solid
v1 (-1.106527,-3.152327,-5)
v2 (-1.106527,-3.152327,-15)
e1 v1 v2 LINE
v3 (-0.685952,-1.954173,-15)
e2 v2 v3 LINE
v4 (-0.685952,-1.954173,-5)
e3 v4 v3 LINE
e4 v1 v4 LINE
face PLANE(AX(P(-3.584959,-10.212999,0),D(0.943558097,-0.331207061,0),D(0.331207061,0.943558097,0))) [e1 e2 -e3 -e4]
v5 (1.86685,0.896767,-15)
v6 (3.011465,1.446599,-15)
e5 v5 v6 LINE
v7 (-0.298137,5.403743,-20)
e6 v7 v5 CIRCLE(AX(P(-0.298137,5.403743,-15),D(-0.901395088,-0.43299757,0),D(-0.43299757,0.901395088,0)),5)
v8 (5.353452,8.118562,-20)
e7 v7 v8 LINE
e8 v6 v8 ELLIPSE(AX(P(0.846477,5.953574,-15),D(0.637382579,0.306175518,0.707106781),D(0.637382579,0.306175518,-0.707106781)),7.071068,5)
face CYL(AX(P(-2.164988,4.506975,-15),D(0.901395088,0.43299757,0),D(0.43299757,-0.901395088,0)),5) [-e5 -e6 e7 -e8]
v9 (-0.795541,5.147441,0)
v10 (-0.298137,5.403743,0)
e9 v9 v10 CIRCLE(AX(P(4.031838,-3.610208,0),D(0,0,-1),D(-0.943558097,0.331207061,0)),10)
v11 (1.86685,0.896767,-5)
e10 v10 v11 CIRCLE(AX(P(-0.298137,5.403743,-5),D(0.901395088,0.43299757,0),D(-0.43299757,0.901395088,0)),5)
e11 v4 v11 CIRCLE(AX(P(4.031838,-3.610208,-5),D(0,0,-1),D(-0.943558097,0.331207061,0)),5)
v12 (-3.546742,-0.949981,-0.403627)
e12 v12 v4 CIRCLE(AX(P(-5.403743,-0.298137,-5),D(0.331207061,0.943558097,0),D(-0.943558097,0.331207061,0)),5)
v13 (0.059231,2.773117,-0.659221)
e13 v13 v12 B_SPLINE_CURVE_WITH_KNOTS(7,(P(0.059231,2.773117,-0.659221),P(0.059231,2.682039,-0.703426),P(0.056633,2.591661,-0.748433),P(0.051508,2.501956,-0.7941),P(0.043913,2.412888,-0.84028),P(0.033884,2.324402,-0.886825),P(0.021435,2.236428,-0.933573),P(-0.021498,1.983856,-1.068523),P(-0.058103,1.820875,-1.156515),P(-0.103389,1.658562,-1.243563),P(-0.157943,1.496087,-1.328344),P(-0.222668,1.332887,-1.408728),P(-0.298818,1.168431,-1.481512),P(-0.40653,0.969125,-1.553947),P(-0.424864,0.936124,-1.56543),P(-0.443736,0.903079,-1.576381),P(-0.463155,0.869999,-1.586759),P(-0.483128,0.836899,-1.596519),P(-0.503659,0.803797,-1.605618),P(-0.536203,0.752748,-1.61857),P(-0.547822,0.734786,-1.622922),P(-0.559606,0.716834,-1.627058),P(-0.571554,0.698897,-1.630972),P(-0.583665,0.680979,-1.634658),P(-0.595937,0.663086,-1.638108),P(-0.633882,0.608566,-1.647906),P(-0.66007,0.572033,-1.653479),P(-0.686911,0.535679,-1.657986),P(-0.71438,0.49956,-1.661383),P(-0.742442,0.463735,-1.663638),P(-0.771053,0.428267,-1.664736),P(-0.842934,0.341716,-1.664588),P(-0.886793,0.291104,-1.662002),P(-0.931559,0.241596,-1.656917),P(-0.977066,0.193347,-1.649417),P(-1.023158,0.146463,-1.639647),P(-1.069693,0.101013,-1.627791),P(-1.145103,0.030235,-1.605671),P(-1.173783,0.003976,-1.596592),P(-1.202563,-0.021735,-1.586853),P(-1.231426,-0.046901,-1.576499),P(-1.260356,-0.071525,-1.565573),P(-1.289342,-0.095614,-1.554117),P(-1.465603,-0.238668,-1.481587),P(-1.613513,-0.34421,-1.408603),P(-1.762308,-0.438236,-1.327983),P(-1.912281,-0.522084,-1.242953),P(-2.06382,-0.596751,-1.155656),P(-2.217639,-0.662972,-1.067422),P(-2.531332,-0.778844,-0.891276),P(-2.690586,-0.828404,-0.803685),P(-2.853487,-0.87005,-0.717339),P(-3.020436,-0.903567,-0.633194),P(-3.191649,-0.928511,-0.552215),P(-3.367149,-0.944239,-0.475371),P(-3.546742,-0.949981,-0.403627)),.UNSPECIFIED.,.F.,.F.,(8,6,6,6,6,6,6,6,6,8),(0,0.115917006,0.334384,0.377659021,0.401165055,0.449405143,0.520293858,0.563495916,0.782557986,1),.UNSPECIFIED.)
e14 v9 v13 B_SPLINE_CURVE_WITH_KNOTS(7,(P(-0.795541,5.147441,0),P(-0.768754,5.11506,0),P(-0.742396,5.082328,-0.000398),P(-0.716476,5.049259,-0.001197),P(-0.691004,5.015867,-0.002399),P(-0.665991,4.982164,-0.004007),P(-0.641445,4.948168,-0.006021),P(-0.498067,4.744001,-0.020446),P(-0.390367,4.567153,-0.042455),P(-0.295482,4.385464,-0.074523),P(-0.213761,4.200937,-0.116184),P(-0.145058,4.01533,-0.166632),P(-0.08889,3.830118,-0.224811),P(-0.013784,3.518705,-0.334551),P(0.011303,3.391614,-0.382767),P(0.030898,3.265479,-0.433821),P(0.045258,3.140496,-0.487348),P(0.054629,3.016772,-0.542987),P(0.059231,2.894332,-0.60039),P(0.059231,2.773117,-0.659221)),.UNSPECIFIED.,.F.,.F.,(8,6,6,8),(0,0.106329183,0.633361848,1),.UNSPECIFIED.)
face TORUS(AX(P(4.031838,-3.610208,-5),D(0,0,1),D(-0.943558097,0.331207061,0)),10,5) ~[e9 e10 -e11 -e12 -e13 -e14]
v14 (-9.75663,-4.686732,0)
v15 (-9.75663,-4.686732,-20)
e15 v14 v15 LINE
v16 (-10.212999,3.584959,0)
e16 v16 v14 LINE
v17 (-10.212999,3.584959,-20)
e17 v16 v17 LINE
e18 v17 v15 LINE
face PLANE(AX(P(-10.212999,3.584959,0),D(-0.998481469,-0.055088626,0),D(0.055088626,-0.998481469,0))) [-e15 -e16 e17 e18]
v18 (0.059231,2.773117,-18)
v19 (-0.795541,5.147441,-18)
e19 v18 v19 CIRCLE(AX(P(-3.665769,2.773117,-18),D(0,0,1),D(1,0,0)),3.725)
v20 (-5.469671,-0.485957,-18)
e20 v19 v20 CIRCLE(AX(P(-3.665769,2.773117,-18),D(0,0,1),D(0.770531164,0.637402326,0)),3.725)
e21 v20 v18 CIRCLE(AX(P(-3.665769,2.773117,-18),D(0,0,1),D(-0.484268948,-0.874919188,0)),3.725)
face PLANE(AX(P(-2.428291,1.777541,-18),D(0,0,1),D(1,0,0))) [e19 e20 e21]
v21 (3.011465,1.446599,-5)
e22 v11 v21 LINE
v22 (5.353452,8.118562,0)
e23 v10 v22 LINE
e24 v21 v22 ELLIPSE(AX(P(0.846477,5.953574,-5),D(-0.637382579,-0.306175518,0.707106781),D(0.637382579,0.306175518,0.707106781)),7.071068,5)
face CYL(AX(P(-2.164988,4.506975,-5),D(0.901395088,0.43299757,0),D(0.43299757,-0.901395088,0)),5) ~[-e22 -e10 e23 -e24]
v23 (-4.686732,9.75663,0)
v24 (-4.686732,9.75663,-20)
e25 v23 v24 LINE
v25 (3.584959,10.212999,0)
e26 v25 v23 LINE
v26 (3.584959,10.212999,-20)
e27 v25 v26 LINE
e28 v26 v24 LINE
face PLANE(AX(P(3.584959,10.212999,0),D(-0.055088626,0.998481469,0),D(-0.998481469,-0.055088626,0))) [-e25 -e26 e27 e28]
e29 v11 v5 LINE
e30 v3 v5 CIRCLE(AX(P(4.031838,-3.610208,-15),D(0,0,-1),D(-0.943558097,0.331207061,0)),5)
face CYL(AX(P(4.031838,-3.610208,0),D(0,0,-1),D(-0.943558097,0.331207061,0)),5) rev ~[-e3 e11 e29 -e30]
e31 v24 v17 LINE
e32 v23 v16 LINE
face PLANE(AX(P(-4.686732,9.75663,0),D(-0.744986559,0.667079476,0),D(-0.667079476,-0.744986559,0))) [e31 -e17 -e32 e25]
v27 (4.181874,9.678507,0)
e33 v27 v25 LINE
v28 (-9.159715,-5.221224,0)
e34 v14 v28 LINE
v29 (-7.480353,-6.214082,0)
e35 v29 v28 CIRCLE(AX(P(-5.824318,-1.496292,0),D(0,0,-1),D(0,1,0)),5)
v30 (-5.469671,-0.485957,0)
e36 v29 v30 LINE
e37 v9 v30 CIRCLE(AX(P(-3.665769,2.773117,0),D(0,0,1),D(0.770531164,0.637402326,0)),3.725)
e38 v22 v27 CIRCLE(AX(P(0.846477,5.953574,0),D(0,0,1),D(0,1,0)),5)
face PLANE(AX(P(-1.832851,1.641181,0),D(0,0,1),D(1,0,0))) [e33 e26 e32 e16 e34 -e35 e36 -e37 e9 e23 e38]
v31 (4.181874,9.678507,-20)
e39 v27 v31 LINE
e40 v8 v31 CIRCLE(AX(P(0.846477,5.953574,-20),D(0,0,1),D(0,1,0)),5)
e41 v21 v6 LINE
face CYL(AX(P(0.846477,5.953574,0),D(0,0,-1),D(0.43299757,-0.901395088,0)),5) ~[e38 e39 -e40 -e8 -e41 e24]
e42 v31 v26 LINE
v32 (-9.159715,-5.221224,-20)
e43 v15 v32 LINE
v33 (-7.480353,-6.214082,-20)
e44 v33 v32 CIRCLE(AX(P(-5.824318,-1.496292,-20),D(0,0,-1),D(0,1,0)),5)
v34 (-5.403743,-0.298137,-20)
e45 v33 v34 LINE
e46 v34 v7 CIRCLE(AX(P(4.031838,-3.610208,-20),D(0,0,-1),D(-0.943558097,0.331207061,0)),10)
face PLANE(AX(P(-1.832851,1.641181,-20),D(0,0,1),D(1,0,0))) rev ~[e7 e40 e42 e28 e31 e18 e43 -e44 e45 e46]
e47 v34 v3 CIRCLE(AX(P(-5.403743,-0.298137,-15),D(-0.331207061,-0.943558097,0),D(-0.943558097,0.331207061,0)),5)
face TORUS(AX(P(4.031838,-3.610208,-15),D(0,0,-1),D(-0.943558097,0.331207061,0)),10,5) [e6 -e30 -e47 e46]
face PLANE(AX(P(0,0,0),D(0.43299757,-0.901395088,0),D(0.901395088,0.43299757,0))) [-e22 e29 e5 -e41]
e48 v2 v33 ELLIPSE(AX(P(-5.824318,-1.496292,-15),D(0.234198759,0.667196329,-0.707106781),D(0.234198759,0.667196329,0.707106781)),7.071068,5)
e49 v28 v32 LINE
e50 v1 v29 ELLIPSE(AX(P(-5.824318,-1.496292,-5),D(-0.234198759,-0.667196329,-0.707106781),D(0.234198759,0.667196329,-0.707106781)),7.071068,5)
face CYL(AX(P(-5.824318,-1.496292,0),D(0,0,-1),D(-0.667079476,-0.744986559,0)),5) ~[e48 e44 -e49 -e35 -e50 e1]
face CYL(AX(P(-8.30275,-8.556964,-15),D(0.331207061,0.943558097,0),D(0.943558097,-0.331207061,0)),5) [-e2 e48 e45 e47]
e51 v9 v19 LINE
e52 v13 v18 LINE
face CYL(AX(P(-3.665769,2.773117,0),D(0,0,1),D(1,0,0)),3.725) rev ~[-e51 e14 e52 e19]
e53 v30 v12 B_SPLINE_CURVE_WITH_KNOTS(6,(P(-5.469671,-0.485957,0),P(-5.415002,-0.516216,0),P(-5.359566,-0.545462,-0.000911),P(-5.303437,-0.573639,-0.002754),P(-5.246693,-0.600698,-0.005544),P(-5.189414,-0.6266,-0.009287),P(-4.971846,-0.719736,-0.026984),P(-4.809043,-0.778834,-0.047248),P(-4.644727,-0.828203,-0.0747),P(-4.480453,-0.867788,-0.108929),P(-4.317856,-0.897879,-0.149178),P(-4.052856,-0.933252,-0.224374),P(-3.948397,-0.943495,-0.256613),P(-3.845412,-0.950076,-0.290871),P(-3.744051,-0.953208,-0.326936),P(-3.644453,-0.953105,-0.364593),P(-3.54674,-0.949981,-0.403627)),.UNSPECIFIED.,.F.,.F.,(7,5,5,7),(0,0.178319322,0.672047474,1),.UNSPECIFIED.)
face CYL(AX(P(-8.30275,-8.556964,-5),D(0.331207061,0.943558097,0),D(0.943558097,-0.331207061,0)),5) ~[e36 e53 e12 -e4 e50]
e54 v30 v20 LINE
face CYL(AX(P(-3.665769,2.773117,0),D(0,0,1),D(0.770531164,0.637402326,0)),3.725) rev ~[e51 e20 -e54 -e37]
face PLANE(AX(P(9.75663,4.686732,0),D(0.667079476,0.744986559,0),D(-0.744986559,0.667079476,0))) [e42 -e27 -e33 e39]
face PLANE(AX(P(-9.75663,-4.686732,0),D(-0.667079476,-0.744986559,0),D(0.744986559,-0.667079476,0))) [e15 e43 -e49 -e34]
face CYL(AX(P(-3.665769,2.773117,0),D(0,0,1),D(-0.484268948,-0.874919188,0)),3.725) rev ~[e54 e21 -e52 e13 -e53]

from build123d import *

# Parameters (mm, degrees)
F1_DEPTH = 20
F2_R     = 5
F4_DEPTH = 18


with BuildPart() as f1:
    # F0 (on Top) → F1 (new body)
    with BuildSketch(Plane.XY):
        Polygon((3.5849593993, 10.2129992476), (-4.6867319226, 9.7566301257), (-10.2129992476, 3.5849593993), (-9.7566301257, -4.6867319226), (-3.5849593993, -10.2129992476), (0, 0), (9.7566301257, 4.6867319226), align=None)
    extrude(amount=-F1_DEPTH)

    # F2
    f2_edges = [f1.edges().sort_by_distance(p)[0] for p in [
        (-3.584959, -10.212999, -10),
        (0, 0, -10),
        (-1.79248, -5.1065, 0),
        (-1.79248, -5.1065, -20),
        (9.75663, 4.686732, -10),
        (4.878315, 2.343366, 0),
        (4.878315, 2.343366, -20),
    ]]
    fillet(f2_edges, radius=F2_R)

    # F3 (on face) → F4 (cut)
    with BuildSketch(Plane.XY):
        with BuildLine():
            ThreePointArc((-5.4696709775, -0.4859568461), (-1.774196959, -0.43586708), (0.0592308539, 2.7731171302))
            ThreePointArc((0.0592308539, 2.7731171302), (-0.1609705435, 4.0348666123), (-0.7955405584, 5.1474407928))
            ThreePointArc((-0.7955405584, 5.1474407928), (-3.6017445612, 2.8495453067), (-5.4037427691, -0.2981374964))
            Line((-5.4037427691, -0.2981374964), (-5.4696709775, -0.4859568461))
        make_face()
        with BuildLine():
            ThreePointArc((-5.4037427691, -0.2981374964), (-3.6017445612, 2.8495453067), (-0.7955405584, 5.1474407928))
            ThreePointArc((-0.7955405584, 5.1474407928), (-6.5324842395, 5.1516817337), (-5.4696709775, -0.4859568461))
            Line((-5.4696709775, -0.4859568461), (-5.4037427691, -0.2981374964))
        make_face()
    extrude(amount=-F4_DEPTH, mode=Mode.SUBTRACT)


solid = f1.part
